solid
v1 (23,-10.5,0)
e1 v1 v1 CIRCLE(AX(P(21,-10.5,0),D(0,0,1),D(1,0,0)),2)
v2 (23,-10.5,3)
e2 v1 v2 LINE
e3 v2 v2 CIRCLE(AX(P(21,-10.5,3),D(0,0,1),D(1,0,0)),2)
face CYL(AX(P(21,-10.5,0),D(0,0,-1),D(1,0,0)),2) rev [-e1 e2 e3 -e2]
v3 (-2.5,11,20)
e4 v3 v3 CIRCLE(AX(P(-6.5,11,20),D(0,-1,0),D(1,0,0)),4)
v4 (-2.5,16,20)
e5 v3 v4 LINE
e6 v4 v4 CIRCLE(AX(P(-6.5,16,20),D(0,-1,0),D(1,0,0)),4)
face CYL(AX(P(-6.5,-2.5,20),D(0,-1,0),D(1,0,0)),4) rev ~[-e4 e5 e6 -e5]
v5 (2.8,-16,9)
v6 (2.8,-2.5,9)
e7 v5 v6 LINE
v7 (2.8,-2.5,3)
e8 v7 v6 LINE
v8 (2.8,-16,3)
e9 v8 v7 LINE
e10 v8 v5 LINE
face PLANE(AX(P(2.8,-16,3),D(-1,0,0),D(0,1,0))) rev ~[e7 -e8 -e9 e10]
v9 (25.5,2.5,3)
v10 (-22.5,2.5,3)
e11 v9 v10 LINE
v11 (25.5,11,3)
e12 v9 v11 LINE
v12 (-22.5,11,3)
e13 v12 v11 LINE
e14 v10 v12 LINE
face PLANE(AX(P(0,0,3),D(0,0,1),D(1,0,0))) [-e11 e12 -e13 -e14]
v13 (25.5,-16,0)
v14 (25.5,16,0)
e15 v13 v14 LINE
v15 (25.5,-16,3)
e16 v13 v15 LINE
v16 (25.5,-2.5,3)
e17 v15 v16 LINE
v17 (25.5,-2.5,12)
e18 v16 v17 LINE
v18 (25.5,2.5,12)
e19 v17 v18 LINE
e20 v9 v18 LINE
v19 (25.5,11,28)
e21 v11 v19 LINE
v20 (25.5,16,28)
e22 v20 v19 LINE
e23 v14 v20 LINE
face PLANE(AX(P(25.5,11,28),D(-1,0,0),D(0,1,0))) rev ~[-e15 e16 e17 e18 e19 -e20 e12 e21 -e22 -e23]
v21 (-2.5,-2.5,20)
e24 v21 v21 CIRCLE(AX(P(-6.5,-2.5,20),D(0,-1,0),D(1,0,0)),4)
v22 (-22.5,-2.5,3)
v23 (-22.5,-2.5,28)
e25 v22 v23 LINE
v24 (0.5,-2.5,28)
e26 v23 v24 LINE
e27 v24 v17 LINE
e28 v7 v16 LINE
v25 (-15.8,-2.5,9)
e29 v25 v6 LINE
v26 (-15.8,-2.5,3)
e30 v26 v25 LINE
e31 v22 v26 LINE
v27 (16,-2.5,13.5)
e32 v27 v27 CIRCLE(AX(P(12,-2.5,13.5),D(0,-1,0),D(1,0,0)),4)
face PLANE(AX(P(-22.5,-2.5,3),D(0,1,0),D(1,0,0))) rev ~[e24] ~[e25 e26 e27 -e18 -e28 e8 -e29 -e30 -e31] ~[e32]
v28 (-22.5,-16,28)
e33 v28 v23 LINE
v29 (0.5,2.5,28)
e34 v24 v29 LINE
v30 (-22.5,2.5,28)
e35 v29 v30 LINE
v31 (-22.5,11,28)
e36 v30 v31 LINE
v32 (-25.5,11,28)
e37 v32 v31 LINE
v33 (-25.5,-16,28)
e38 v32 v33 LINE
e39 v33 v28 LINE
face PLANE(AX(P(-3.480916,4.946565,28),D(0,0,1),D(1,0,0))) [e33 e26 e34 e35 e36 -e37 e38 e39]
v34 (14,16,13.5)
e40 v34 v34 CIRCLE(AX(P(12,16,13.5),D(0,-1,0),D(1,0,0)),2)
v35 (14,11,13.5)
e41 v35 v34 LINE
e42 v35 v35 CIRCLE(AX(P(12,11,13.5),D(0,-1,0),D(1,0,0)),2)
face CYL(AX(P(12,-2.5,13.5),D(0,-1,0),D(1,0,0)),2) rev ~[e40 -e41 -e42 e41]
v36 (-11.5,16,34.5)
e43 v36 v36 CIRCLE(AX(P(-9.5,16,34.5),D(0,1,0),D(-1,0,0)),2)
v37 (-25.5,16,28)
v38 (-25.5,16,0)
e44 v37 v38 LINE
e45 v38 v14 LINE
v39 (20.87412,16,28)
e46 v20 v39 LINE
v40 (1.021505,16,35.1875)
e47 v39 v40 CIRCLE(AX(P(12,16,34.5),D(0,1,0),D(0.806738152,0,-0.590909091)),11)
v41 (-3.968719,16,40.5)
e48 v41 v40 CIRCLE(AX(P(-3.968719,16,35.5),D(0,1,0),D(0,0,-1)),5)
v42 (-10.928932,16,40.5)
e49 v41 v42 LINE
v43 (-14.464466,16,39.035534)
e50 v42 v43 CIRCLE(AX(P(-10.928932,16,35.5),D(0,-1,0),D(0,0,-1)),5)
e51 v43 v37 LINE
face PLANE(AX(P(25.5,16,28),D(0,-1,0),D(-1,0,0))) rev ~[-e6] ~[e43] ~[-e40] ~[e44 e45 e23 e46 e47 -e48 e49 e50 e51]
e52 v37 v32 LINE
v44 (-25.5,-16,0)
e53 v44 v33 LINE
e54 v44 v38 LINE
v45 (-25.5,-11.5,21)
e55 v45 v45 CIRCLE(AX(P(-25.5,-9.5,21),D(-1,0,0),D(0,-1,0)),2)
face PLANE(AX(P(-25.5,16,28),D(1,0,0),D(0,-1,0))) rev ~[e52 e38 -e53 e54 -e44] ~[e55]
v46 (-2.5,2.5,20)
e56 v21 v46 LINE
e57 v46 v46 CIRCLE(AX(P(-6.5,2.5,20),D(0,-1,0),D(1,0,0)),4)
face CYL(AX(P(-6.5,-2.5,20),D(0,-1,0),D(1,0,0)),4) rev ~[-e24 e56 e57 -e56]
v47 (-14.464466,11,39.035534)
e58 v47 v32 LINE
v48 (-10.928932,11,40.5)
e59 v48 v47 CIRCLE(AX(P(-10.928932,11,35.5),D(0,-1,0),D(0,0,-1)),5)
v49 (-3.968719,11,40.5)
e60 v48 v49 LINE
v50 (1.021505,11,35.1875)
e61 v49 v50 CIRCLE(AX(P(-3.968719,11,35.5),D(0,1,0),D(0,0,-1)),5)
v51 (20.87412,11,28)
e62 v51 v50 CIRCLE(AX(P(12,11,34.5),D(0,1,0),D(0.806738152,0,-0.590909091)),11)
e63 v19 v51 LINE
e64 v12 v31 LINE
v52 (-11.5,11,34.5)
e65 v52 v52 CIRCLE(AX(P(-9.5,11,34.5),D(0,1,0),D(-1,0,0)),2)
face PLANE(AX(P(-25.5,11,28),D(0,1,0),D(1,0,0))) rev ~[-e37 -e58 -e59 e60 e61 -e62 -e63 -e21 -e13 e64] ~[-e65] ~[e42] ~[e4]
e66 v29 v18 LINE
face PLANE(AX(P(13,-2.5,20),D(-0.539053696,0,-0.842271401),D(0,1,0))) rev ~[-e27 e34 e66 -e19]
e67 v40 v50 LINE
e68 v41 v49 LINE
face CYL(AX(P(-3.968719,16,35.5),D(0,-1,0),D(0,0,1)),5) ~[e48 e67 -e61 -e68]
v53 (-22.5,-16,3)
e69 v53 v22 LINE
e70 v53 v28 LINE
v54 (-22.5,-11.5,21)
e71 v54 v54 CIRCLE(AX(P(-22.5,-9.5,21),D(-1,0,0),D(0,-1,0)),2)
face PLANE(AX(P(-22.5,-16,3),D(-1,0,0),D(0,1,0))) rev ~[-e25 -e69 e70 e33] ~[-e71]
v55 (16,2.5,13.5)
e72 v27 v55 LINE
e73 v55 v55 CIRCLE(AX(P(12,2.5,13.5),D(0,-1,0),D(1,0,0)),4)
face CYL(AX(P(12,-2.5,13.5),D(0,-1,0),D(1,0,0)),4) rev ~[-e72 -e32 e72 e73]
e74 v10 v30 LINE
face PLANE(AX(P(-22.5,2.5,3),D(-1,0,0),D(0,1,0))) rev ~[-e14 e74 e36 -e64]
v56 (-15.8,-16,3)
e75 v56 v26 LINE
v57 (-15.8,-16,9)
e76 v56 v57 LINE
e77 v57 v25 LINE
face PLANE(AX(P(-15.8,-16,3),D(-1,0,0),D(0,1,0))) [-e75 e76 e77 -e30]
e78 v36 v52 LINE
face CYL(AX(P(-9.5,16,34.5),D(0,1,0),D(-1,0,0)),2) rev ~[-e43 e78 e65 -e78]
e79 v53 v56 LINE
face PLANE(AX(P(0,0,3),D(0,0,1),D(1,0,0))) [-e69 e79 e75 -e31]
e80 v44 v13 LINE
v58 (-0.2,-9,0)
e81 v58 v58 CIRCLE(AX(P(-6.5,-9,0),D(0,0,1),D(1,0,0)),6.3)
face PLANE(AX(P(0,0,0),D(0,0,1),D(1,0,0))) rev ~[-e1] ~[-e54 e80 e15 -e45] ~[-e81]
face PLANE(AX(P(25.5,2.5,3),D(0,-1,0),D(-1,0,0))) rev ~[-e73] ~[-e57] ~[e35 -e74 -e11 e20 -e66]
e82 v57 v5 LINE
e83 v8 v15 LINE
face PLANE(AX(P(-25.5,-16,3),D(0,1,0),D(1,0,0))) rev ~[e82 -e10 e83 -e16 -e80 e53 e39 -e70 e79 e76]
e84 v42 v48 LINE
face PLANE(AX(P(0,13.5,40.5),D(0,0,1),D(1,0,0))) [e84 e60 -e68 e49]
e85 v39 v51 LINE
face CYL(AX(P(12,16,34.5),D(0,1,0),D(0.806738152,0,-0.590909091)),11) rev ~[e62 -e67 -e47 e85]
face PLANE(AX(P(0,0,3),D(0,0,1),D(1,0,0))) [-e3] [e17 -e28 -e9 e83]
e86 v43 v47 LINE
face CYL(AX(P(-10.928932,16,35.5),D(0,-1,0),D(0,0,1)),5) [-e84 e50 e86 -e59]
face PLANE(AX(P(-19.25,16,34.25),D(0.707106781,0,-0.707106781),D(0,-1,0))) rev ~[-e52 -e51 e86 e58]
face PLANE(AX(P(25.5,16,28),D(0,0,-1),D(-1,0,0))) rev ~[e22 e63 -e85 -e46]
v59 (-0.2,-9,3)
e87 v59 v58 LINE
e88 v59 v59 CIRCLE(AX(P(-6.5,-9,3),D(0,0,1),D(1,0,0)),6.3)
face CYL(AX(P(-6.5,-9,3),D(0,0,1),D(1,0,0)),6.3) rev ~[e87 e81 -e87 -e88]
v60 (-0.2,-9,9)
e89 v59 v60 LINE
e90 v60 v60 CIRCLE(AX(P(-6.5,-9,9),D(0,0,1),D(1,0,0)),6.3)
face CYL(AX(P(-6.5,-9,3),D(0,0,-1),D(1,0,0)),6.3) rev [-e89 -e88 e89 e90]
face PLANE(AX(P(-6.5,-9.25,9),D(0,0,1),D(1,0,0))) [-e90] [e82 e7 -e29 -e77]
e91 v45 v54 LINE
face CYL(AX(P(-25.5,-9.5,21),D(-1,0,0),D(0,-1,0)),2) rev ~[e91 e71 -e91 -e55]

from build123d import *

# Parameters (mm, degrees)
F0_W      = 51
F0_H      = 32
F0_R      = 2
F1_DEPTH  = 3
F3_DEPTH  = 25
F2_W      = 18.6
F2_H      = 13.5
F2_R      = 6.3
F4_DEPTH  = 6
F5_DEPTH  = 3
F6_SIZE2  = 16
F6_SIZE   = 25
F7_R      = 4
F8_DEPTH  = 18.501
F7_R_2    = 2
F9_DEPTH  = 18.501
F10_DEPTH = 5
F12_DEPTH = 12.5
F13_R     = 2
F14_DEPTH = 5
F15_SIZE  = 12.5
F16_R     = 5
F17_R     = 2
F18_DEPTH = 3


with BuildPart() as f1:
    # F0 (on Top) → F1 (new body)
    with BuildSketch(Plane.XY):
        Rectangle(F0_W, F0_H)
        with Locations((21, -10.5)):
            Circle(F0_R, mode=Mode.SUBTRACT)
    extrude(amount=F1_DEPTH)

    # F2 (on face) → F3 (join)
    with BuildSketch(Plane.XY.offset(3)):
        Polygon((-22.5, 2.5), (-22.5, 11), (25.5, 11), (25.5, 16), (-25.5, 16), (-25.5, -16), (-22.5, -16), (-22.5, -2.5), (-15.8, -2.5), (2.8, -2.5), (25.5, -2.5), (25.5, 2.5), align=None)
    extrude(amount=F3_DEPTH)

    # F2 (on face) → F4 (join)
    with BuildSketch(Plane.XY.offset(3)):
        with Locations((-6.5, -9.25)):
            Rectangle(F2_W, F2_H)
        with Locations((-6.5, -9)):
            Circle(F2_R, mode=Mode.SUBTRACT)
    extrude(amount=F4_DEPTH)

    # F5 (cut, through all): a face of the model
    f5_faces = [f1.faces().sort_by_distance(p)[0] for p in [
        (-6.5, -9, 3),
    ]]
    extrude(f5_faces, amount=-F5_DEPTH, mode=Mode.SUBTRACT)

    # F6
    f6_edges = [f1.edges().sort_by_distance(p)[0] for p in [
        (25.5, 0, 28),
    ]]
    f6_side = f1.faces().sort_by_distance((-23.10208, 6.75, 28))[0]
    chamfer(f6_edges, length=F6_SIZE, length2=F6_SIZE2, reference=f6_side)

    # F7 (on face) → F8 (cut, through all)
    with BuildSketch(Plane.XZ.offset(2.5)):
        with Locations((-6.5, 20)):
            Circle(F7_R)
    extrude(amount=-F8_DEPTH, mode=Mode.SUBTRACT)

    # F7 (on face) → F9 (cut, through all)
    with BuildSketch(Plane.XZ.offset(2.5)):
        with Locations((12, 13.5)):
            Circle(F7_R_2)
    extrude(amount=-F9_DEPTH, mode=Mode.SUBTRACT)

    # F7 (on face) → F10 (cut, through all)
    with BuildSketch(Plane.XZ.offset(2.5)):
        with Locations((12, 13.5)):
            Circle(F7_R)
        with Locations((12, 13.5)):
            Circle(F7_R_2, mode=Mode.SUBTRACT)
    extrude(amount=-F10_DEPTH, mode=Mode.SUBTRACT)

    # F11 (on face) → F12 (join)
    with BuildSketch(Plane.XY.offset(28)):
        Polygon((-25.5, 11), (-22.5, 11), (25.5, 11), (25.5, 16), (-25.5, 16), align=None)
    extrude(amount=F12_DEPTH)

    # F13 (on face) → F14 (cut, through all)
    with BuildSketch(Plane(origin=(0, 16, 0), x_dir=(-1, 0, 0), z_dir=(0, 1, 0))):
        with Locations((9.5, 34.5)):
            Circle(F13_R)
        with BuildLine():
            Line((-25.5, 28), (-20.8741196746, 28))
            ThreePointArc((-20.8741196746, 28), (-5.7476140898, 25.4497143454), (-2.7804555427, 40.5))
            Line((-2.7804555427, 40.5), (-25.5, 40.5))
            Line((-25.5, 40.5), (-25.5, 28))
        make_face()
    extrude(amount=-F14_DEPTH, mode=Mode.SUBTRACT)

    # F15
    f15_edges = [f1.edges().sort_by_distance(p)[0] for p in [
        (-25.5, 13.5, 40.5),
    ]]
    chamfer(f15_edges, length=F15_SIZE)

    # F16
    f16_edges = [f1.edges().sort_by_distance(p)[0] for p in [
        (2.780456, 13.5, 40.5),
        (-13, 13.5, 40.5),
    ]]
    fillet(f16_edges, radius=F16_R)

    # F17 (on face) → F18 (cut, through all)
    with BuildSketch(Plane(origin=(-25.5, 0, 0), x_dir=(0, -1, 0), z_dir=(-1, 0, 0))):
        with Locations((9.5, 21)):
            Circle(F17_R)
    extrude(amount=-F18_DEPTH, mode=Mode.SUBTRACT)


solid = f1.part
